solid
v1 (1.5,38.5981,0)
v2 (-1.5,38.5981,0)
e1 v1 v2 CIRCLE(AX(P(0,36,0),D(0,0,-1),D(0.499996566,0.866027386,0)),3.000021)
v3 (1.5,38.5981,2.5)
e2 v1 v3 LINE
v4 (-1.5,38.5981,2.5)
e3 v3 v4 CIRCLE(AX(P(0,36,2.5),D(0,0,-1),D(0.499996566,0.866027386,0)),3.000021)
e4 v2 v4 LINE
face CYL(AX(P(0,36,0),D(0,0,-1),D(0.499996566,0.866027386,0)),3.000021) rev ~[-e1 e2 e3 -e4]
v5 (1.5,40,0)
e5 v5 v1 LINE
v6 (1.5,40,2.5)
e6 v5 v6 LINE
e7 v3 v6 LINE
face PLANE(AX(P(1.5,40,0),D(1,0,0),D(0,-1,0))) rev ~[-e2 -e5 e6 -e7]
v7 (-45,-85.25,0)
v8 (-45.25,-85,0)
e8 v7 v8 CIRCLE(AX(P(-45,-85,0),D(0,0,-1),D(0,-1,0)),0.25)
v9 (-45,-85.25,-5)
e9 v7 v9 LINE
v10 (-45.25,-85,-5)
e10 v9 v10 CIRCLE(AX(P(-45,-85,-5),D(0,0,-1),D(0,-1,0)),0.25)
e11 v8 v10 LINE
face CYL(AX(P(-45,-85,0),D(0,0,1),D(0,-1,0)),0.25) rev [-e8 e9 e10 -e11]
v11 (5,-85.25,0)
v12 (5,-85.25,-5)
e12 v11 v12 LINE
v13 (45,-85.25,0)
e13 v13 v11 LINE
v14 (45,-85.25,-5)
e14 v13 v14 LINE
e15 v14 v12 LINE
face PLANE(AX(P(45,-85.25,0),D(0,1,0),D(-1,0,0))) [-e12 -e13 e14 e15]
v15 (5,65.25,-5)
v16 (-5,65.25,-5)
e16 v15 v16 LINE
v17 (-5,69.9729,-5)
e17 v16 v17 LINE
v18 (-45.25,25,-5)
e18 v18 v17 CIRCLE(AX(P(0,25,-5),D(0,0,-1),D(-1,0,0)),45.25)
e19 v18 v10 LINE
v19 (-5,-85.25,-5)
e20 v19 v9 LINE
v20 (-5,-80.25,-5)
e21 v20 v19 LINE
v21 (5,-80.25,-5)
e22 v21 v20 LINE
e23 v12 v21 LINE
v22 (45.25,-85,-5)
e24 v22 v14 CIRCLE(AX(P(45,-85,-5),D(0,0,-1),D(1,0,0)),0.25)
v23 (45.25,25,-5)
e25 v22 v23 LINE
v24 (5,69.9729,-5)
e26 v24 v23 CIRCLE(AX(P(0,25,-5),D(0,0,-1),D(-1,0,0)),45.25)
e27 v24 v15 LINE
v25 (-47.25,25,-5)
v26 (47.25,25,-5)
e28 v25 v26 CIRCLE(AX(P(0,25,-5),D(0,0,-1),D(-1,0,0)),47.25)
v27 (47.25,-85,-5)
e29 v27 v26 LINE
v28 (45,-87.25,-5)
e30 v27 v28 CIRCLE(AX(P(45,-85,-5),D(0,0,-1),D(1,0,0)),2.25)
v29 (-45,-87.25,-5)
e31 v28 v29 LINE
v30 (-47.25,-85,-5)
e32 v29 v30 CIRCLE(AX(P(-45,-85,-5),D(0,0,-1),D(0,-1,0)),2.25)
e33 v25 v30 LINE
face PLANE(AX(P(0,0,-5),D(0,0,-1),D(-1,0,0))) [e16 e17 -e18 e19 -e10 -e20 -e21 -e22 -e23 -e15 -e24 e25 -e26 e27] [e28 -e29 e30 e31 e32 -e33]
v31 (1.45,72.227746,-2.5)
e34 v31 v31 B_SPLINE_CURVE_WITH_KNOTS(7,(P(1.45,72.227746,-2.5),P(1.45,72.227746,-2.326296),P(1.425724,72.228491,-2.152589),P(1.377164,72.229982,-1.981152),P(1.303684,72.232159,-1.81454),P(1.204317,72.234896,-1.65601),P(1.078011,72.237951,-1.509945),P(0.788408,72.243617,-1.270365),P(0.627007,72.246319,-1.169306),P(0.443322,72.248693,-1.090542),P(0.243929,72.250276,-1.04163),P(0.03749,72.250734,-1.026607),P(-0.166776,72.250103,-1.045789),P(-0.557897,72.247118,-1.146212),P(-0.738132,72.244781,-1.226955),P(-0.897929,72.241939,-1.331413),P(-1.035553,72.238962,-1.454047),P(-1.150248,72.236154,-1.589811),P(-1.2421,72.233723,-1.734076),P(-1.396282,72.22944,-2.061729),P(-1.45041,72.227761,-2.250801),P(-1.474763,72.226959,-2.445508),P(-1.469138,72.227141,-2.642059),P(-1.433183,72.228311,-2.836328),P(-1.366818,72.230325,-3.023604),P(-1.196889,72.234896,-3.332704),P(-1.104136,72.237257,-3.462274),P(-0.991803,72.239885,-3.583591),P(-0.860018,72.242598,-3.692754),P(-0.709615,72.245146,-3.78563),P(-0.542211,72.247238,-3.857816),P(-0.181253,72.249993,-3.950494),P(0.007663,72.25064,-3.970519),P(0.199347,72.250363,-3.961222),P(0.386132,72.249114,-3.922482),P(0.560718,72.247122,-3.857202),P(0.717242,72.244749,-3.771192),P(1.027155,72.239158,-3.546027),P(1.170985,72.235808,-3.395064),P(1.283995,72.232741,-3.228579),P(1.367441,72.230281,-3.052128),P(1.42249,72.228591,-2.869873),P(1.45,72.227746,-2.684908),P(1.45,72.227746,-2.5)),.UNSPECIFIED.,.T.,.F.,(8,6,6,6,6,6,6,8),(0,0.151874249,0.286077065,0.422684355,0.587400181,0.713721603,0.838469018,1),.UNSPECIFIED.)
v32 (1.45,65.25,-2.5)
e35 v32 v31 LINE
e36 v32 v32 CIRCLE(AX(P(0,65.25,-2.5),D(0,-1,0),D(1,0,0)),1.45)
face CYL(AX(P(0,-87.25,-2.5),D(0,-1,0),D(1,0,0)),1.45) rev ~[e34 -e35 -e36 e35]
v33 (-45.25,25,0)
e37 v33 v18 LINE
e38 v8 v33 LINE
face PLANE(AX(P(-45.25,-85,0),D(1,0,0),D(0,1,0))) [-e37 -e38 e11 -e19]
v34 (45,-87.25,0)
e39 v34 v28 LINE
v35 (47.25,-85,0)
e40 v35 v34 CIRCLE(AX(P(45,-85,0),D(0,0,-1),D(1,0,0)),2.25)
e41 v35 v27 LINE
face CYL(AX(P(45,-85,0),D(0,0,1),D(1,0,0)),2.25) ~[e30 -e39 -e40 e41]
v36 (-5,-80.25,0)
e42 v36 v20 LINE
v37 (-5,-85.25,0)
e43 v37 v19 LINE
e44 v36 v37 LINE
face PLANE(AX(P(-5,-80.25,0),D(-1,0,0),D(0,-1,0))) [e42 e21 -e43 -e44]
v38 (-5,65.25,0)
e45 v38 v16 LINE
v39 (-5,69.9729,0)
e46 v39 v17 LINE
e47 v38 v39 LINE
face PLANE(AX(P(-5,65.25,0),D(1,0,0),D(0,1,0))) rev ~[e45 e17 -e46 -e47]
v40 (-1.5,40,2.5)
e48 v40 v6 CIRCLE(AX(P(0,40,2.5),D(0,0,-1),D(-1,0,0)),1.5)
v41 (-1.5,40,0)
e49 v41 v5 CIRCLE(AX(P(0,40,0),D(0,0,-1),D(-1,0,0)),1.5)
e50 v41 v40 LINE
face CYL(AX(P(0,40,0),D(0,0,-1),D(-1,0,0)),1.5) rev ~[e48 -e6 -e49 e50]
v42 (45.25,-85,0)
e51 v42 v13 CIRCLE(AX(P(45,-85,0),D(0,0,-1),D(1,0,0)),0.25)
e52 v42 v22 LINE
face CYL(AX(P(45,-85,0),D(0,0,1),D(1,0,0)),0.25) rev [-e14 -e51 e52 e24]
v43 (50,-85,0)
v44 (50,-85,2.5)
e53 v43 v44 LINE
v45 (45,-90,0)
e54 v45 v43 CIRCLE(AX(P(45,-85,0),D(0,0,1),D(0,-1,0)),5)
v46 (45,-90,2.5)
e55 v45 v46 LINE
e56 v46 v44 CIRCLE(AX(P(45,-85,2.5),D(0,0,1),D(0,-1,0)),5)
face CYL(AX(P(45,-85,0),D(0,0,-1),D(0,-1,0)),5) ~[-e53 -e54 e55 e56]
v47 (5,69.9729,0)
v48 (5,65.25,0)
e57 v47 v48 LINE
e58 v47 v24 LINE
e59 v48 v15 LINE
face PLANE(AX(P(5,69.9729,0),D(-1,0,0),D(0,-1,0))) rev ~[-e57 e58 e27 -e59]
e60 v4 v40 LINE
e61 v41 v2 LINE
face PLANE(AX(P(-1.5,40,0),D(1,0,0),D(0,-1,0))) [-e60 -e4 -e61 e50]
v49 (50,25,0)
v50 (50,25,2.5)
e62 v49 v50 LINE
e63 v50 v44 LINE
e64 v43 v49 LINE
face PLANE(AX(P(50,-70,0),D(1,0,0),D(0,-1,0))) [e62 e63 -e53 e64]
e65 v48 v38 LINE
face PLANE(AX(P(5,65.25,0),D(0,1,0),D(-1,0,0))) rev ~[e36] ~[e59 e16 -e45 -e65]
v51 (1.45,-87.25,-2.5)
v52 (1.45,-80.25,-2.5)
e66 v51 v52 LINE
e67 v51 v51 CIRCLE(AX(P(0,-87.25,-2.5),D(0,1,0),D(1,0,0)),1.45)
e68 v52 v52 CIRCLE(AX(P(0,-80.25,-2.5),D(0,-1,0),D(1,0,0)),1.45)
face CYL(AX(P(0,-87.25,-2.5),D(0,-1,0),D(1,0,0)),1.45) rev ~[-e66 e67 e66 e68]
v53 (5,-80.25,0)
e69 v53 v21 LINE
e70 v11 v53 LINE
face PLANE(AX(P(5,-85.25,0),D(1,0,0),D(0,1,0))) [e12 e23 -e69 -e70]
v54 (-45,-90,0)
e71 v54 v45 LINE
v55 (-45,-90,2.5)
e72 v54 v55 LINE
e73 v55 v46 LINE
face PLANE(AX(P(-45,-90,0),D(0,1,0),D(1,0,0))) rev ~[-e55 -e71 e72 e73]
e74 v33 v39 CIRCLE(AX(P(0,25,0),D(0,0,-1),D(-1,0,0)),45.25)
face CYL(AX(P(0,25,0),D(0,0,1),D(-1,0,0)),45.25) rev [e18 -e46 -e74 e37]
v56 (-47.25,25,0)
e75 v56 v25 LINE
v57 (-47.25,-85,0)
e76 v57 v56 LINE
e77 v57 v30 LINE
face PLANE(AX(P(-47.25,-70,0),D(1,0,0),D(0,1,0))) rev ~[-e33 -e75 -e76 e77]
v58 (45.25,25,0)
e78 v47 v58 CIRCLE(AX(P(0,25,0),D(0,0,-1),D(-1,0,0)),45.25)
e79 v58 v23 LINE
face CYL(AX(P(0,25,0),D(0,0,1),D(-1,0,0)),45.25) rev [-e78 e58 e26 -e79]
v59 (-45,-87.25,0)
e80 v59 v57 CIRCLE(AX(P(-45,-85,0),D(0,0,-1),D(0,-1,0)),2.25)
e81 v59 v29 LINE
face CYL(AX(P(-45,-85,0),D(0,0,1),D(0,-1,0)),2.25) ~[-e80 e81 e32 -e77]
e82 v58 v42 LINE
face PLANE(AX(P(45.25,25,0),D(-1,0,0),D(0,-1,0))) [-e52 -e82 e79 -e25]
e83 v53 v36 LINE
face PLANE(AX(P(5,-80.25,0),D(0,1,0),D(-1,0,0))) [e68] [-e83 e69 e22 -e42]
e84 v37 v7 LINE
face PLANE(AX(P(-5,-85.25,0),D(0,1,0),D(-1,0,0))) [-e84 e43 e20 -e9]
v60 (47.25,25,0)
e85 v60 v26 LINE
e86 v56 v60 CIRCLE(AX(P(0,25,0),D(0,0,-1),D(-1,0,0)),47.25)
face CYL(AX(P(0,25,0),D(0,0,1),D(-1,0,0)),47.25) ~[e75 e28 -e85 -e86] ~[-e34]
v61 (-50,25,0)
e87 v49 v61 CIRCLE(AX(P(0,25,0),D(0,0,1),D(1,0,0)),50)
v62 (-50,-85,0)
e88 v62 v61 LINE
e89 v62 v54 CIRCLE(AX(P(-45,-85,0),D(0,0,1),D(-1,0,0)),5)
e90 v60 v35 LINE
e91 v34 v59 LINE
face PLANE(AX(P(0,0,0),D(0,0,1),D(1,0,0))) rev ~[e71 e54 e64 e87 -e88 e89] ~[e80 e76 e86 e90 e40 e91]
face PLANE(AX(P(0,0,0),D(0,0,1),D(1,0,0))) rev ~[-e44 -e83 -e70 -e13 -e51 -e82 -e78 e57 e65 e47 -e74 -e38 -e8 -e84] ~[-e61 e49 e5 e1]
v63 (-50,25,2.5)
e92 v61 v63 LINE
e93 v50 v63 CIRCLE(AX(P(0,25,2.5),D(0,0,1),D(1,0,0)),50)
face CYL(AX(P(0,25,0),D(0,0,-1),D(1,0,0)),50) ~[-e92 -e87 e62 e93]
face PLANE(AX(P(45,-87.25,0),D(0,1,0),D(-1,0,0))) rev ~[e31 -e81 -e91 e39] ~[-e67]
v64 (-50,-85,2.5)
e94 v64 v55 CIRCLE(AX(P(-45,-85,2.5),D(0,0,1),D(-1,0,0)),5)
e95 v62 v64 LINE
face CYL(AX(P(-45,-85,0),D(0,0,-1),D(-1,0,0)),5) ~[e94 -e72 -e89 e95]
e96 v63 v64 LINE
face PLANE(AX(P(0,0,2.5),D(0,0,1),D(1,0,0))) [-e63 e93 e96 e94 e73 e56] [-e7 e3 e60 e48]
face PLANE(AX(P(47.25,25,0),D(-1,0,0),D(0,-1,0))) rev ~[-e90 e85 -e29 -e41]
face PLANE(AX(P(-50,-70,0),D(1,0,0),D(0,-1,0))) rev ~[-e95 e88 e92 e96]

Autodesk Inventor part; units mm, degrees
ref_plane "YZ Plane" through (0, 0, 0) normal (1, 0, 0) x (0, 1, 0)
ref_plane "XZ Plane" through (0, 0, 0) normal (0, 1, 0) x (-1, 0, 0)
ref_plane "XY Plane" through (0, 0, 0) normal (0, 0, 1) x (1, 0, 0)
sketch "Sketch1" plane through (0, 0, 0) normal (0, 0, 1) x (1, 0, 0)
  line L0 (50, -70) -> (50, 25)
  line L1 (-50, 25) -> (-50, -70)
  line L2 (0, 0) -> (-38.1854, 57.2781) construction
  arc A0 (50, 25) -> (-50, 25) centre (0, 25) ccw
  line L3 (-45, -90) -> (45, -90)
  line L4 (0, 0) -> (38.1854, 57.2781) construction
  line L5 (50, -70) -> (50, -85)
  line L6 (-50, -70) -> (-50, -85)
  arc A1 (45, -90) -> (50, -85) centre (45, -85) ccw
  arc A2 (-50, -85) -> (-45, -90) centre (-45, -85) ccw
  line L7 (-47.25, 25) -> (-47.25, -70)
  line L8 (-47.25, -70) -> (-47.25, -85)
  arc A3 (-47.25, -85) -> (-45, -87.25) centre (-45, -85) ccw
  line L9 (-45, -87.25) -> (45, -87.25)
  arc A4 (45, -87.25) -> (47.25, -85) centre (45, -85) ccw
  line L10 (47.25, -85) -> (47.25, -70)
  line L11 (47.25, -70) -> (47.25, 25)
  arc A5 (47.25, 25) -> (-47.25, 25) centre (0, 25) ccw
  dimension "d0" = 5
  dimension "d1" = 2.75
extrude "Extrusion1" add sketch "Sketch1" along normal blind 2.5 contours L5 A1 L3 A2 L6 L1 A0 L0 | A5 L11 L10 A4 L9 A3 L8 L7
sketch "Sketch2" plane through (0, 0, 0) normal (0, 0, -1) x (-1, 0, 0)
  line L0 (50, -70) -> (50, 25)
  line L1 (-50, 25) -> (-50, -70)
  line L2 (0, 0) -> (-38.1854, 57.2781) construction
  arc A0 (50, 25) -> (-50, 25) centre (0, 25) ccw
  line L3 (-45, -90) -> (45, -90)
  line L4 (0, 0) -> (38.1854, 57.2781) construction
  line L5 (50, -70) -> (50, -85)
  line L6 (-50, -70) -> (-50, -85)
  arc A1 (45, -90) -> (50, -85) centre (45, -85) ccw
  arc A2 (-50, -85) -> (-45, -90) centre (-45, -85) ccw
  line L7 (-47.25, 25) -> (-47.25, -70)
  line L8 (-47.25, -70) -> (-47.25, -85)
  arc A3 (-47.25, -85) -> (-45, -87.25) centre (-45, -85) ccw
  line L9 (-45, -87.25) -> (45, -87.25)
  arc A4 (45, -87.25) -> (47.25, -85) centre (45, -85) ccw
  line L10 (47.25, -85) -> (47.25, -70)
  line L11 (47.25, -70) -> (47.25, 25)
  arc A5 (47.25, 25) -> (-47.25, 25) centre (0, 25) ccw
  line L12 (-45.25, 25) -> (-45.25, -70)
  line L13 (-45.25, -70) -> (-45.25, -85)
  arc A6 (-45.25, -85) -> (-45, -85.25) centre (-45, -85) ccw
  line L14 (-45, -85.25) -> (45, -85.25)
  arc A7 (45, -85.25) -> (45.25, -85) centre (45, -85) ccw
  line L15 (45.25, -85) -> (45.25, -70)
  line L16 (45.25, -70) -> (45.25, 25)
  arc A8 (45.25, 25) -> (-45.25, 25) centre (0, 25) ccw
  line L17 (-5, -80.25) -> (5, -80.25)
  line L18 (-5, -85.25) -> (-5, -80.25)
  line L19 (5, -80.25) -> (5, -85.25)
  line L20 (-5, 65.25) -> (5, 65.25)
  line L21 (-5, 69.9729) -> (-5, 65.25)
  line L22 (5, 65.25) -> (5, 69.9729)
  dimension "d4" = 5
  dimension "d5" = 2.75
  dimension "d6" = 2
extrude "Extrusion2" add sketch "Sketch2" along normal blind 5 contours A5 L11 L10 A4 L9 A3 L8 L7 | A8 L22 L20 L21 | L18 L17 L19 L14
sketch "Sketch3" plane through (-45, -87.25, 0) normal (0, -1, 0) x (1, 0, 0)
  line L0 (45, 0) -> (45, -5)
  line L1 (-2.25, -5) -> (92.25, -5) projected
  circle A0 centre (45, -2.5) radius 1.45
  line L2 (0, 0) -> (90, 0) projected
  dimension "d10" = 2.9
  dimension "d16" = 5
extrude "Extrusion3" cut sketch "Sketch3" against normal through all
sketch "Sketch4" plane through (0, 0, 0) normal (0, 0, -1) x (-1, 0, 0)
  arc A0 (-1.5, 38.5981) -> (1.5, 38.5981) centre (0, 36) ccw
  arc A1 (1.5, 40) -> (-1.5, 40) centre (0, 40) ccw
  line L0 (-1.5, 40) -> (-1.5, 38.5981)
  line L1 (1.5, 40) -> (1.5, 38.5981)
  point P0 (0, 0)
  dimension "d13" = 3
extrude "Extrusion4" cut sketch "Sketch4" against normal blind 10
properties part number "lid"
